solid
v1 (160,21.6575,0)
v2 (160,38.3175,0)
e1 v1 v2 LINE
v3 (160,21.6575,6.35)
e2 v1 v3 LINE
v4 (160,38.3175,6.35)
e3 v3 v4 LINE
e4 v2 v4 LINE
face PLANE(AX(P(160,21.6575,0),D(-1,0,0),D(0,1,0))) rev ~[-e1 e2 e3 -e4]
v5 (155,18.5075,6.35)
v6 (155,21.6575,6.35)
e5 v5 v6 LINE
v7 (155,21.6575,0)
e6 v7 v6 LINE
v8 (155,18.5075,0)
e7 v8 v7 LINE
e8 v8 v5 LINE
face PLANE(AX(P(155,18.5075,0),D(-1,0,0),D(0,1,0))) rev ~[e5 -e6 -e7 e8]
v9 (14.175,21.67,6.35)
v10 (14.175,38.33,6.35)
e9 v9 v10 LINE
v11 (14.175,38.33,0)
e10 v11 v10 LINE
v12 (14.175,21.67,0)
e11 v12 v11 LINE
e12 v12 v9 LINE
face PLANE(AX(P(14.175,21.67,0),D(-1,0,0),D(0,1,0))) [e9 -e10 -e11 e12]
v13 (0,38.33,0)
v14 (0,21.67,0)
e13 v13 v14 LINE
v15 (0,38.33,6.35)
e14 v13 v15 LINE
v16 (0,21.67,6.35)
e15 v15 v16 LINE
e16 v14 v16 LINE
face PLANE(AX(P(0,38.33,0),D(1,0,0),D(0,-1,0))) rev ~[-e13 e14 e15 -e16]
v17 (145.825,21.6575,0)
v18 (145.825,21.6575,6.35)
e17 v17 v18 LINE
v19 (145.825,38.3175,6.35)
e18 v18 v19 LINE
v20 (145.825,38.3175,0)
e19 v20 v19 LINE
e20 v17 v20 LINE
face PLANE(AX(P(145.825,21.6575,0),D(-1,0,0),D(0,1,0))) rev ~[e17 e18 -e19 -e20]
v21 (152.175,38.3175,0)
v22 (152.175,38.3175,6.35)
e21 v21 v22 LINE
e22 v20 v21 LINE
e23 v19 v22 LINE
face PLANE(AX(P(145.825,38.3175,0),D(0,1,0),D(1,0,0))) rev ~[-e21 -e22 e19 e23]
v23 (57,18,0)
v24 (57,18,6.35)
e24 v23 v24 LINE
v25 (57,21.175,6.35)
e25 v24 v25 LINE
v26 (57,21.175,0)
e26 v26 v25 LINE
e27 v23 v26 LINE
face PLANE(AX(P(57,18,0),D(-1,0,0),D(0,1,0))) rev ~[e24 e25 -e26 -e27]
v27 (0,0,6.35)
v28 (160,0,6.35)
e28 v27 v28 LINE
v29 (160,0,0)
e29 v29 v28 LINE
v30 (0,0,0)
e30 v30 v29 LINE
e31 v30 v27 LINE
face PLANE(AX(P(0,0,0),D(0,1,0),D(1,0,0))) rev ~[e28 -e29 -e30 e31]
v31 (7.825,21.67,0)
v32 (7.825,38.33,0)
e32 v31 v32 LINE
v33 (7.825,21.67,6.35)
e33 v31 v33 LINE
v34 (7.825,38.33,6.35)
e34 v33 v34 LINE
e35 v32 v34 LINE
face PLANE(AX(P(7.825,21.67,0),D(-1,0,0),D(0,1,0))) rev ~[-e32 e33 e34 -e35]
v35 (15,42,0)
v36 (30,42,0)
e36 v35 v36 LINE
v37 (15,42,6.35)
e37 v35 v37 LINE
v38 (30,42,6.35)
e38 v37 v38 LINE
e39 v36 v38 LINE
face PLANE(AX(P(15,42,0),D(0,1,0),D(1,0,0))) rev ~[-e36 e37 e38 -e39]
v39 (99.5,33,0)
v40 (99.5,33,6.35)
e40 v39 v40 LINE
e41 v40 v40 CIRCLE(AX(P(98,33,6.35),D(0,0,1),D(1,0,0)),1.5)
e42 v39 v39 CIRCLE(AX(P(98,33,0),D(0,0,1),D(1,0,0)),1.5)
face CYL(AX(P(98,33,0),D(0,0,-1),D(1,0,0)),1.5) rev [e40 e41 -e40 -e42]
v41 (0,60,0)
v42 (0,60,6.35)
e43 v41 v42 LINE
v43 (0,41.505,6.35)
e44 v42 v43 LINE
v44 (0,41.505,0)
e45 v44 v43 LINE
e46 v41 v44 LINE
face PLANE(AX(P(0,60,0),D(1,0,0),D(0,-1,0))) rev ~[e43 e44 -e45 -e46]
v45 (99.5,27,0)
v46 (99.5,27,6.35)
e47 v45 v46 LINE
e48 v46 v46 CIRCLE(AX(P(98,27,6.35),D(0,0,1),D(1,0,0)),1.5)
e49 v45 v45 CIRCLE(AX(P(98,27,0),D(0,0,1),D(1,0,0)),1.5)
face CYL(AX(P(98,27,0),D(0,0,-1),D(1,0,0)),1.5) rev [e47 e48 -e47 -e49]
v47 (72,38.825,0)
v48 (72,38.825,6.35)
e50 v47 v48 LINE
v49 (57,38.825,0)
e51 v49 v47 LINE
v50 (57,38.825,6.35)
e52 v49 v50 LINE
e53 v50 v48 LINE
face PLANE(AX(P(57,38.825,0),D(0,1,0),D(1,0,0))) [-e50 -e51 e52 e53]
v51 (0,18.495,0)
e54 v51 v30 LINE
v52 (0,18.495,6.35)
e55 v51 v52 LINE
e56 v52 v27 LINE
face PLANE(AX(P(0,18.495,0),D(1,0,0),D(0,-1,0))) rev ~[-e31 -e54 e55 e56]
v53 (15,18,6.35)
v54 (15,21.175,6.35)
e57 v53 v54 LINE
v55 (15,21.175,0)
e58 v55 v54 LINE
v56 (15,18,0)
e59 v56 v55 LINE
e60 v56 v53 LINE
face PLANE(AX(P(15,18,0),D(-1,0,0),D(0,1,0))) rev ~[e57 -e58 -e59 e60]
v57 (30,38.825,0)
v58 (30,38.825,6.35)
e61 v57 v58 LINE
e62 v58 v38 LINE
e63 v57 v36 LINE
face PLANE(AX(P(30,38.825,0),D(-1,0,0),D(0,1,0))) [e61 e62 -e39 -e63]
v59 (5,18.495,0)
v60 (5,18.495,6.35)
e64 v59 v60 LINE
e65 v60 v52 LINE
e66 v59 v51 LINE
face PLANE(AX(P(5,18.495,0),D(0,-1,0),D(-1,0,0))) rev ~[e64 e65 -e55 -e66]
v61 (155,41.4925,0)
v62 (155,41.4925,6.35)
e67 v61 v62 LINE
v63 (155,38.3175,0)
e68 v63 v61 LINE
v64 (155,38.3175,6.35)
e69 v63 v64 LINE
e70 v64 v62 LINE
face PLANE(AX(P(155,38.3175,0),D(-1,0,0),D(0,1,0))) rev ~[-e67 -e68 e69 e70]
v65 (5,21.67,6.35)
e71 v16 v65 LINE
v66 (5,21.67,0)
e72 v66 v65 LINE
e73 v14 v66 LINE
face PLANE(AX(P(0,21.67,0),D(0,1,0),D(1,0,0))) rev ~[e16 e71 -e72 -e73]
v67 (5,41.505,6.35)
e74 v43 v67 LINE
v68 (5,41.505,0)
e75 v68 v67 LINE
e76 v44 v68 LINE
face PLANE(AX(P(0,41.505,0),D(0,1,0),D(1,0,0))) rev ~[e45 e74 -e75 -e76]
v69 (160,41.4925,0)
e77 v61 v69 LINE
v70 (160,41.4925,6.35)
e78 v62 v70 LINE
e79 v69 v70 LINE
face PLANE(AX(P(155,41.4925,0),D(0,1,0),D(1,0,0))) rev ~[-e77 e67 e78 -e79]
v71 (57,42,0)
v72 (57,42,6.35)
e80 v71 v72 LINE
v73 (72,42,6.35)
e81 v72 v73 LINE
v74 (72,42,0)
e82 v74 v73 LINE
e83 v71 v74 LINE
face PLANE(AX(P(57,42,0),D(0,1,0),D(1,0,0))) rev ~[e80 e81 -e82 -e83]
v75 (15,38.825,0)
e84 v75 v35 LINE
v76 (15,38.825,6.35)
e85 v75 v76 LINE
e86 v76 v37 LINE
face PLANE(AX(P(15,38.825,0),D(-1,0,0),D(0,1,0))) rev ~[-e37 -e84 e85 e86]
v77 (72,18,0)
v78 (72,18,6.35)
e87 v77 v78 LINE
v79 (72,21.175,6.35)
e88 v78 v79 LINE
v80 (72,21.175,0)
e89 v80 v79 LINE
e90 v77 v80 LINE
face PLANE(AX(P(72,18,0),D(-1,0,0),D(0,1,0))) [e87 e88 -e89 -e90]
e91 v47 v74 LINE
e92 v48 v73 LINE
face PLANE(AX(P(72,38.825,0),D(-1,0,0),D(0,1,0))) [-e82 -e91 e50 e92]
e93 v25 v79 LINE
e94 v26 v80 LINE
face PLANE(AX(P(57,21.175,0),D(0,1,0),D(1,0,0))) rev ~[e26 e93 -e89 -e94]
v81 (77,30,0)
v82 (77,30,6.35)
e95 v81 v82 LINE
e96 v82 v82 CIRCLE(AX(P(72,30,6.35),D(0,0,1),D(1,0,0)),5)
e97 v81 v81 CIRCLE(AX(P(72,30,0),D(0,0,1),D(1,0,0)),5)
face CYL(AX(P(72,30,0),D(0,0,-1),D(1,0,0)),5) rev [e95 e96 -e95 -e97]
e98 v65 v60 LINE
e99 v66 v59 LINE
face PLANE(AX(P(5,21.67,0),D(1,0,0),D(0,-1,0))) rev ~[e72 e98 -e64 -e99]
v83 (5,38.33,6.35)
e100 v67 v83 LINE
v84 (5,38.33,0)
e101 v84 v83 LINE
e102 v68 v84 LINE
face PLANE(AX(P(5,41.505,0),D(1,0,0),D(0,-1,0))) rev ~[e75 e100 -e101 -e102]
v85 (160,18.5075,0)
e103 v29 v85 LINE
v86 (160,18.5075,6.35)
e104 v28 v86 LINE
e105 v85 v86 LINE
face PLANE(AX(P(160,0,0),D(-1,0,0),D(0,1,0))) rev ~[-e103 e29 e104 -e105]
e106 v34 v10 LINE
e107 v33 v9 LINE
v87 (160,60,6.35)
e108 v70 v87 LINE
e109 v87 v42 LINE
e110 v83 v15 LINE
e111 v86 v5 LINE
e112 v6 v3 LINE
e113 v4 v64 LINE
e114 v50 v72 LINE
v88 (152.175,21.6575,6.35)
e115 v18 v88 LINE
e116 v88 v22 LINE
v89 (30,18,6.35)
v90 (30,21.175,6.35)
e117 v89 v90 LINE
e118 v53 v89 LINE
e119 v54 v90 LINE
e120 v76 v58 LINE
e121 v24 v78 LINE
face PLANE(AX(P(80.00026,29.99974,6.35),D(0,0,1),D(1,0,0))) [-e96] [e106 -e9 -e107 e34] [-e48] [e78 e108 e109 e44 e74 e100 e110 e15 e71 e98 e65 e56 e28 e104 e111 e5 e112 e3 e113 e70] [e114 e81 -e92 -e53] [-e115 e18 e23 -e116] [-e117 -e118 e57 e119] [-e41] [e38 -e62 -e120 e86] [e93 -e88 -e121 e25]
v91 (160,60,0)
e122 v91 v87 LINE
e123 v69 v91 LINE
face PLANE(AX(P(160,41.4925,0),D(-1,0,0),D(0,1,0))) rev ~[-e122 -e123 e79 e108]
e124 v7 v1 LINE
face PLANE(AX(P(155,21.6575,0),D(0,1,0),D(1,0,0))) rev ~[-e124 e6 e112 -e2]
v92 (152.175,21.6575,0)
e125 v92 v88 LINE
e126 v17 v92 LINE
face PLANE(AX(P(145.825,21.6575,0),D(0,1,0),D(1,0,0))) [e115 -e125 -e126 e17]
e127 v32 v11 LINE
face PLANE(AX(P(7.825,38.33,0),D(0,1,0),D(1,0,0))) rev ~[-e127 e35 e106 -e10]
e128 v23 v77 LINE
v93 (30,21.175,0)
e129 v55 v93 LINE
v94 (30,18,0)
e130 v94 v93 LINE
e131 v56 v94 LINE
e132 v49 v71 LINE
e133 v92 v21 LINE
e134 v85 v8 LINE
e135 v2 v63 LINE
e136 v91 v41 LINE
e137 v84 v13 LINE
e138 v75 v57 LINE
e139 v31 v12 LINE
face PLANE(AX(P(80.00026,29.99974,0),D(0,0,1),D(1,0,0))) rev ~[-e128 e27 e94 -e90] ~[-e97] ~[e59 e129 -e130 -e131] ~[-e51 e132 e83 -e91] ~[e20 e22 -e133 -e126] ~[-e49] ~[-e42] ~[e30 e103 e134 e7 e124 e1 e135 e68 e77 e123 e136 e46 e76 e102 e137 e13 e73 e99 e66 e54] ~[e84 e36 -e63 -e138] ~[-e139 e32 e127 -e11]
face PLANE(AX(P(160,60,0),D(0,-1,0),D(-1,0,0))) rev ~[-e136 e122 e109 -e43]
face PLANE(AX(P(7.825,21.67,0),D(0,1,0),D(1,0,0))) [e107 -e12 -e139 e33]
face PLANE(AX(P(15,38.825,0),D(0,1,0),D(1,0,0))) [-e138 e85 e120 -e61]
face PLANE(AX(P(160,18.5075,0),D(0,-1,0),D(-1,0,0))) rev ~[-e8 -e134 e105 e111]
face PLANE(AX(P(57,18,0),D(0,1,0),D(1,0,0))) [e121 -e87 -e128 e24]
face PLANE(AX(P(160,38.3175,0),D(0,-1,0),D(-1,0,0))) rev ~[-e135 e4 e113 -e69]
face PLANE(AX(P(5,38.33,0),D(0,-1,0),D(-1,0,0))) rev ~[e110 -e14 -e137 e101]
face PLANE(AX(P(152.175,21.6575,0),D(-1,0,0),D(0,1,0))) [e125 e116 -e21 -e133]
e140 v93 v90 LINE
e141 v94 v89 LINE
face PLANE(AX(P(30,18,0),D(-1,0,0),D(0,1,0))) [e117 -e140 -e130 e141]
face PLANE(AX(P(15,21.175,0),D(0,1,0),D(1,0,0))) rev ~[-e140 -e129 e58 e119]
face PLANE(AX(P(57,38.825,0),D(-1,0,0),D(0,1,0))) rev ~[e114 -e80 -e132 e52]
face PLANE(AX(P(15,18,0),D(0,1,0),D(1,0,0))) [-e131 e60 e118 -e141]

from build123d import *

# Parameters (mm, degrees)
SKETCH1_R           = 5
SKETCH1_R_2         = 1.5
SKETCH1_W           = 15
SKETCH1_H           = 3.175
SKETCH1_W_2         = 6.35
SKETCH1_H_2         = 16.66
BOSS_EXTRUDE1_DEPTH = 6.35


with BuildPart() as part:
    # Sketch1 → Boss-Extrude1 (new body)
    with BuildSketch(Plane.XY):
        Polygon((160, 0), (160, 18.5075), (155, 18.5075), (155, 21.6575), (160, 21.6575), (160, 38.3175), (155, 38.3175), (155, 41.4925), (160, 41.4925), (160, 60), (0, 60), (0, 41.505), (5, 41.505), (5, 38.33), (0, 38.33), (0, 21.67), (5, 21.67), (5, 18.495), (0, 18.495), (0, 0), align=None)
        with Locations((72, 30)):
            Circle(SKETCH1_R, mode=Mode.SUBTRACT)
        with Locations((98, 27)):
            Circle(SKETCH1_R_2, mode=Mode.SUBTRACT)
        with Locations((98, 33)):
            Circle(SKETCH1_R_2, mode=Mode.SUBTRACT)
        with Locations((64.5, 19.5875)):
            Rectangle(SKETCH1_W, SKETCH1_H, mode=Mode.SUBTRACT)
        with Locations((64.5, 40.4125)):
            Rectangle(SKETCH1_W, SKETCH1_H, mode=Mode.SUBTRACT)
        with Locations((22.5, 40.4125)):
            Rectangle(SKETCH1_W, SKETCH1_H, mode=Mode.SUBTRACT)
        with Locations((11.000000297, 30)):
            Rectangle(SKETCH1_W_2, SKETCH1_H_2, mode=Mode.SUBTRACT)
        with Locations((148.999999703, 29.9875)):
            Rectangle(SKETCH1_W_2, SKETCH1_H_2, mode=Mode.SUBTRACT)
        with Locations((22.5, 19.5875)):
            Rectangle(SKETCH1_W, SKETCH1_H, mode=Mode.SUBTRACT)
    extrude(amount=BOSS_EXTRUDE1_DEPTH)


solid = part.part
